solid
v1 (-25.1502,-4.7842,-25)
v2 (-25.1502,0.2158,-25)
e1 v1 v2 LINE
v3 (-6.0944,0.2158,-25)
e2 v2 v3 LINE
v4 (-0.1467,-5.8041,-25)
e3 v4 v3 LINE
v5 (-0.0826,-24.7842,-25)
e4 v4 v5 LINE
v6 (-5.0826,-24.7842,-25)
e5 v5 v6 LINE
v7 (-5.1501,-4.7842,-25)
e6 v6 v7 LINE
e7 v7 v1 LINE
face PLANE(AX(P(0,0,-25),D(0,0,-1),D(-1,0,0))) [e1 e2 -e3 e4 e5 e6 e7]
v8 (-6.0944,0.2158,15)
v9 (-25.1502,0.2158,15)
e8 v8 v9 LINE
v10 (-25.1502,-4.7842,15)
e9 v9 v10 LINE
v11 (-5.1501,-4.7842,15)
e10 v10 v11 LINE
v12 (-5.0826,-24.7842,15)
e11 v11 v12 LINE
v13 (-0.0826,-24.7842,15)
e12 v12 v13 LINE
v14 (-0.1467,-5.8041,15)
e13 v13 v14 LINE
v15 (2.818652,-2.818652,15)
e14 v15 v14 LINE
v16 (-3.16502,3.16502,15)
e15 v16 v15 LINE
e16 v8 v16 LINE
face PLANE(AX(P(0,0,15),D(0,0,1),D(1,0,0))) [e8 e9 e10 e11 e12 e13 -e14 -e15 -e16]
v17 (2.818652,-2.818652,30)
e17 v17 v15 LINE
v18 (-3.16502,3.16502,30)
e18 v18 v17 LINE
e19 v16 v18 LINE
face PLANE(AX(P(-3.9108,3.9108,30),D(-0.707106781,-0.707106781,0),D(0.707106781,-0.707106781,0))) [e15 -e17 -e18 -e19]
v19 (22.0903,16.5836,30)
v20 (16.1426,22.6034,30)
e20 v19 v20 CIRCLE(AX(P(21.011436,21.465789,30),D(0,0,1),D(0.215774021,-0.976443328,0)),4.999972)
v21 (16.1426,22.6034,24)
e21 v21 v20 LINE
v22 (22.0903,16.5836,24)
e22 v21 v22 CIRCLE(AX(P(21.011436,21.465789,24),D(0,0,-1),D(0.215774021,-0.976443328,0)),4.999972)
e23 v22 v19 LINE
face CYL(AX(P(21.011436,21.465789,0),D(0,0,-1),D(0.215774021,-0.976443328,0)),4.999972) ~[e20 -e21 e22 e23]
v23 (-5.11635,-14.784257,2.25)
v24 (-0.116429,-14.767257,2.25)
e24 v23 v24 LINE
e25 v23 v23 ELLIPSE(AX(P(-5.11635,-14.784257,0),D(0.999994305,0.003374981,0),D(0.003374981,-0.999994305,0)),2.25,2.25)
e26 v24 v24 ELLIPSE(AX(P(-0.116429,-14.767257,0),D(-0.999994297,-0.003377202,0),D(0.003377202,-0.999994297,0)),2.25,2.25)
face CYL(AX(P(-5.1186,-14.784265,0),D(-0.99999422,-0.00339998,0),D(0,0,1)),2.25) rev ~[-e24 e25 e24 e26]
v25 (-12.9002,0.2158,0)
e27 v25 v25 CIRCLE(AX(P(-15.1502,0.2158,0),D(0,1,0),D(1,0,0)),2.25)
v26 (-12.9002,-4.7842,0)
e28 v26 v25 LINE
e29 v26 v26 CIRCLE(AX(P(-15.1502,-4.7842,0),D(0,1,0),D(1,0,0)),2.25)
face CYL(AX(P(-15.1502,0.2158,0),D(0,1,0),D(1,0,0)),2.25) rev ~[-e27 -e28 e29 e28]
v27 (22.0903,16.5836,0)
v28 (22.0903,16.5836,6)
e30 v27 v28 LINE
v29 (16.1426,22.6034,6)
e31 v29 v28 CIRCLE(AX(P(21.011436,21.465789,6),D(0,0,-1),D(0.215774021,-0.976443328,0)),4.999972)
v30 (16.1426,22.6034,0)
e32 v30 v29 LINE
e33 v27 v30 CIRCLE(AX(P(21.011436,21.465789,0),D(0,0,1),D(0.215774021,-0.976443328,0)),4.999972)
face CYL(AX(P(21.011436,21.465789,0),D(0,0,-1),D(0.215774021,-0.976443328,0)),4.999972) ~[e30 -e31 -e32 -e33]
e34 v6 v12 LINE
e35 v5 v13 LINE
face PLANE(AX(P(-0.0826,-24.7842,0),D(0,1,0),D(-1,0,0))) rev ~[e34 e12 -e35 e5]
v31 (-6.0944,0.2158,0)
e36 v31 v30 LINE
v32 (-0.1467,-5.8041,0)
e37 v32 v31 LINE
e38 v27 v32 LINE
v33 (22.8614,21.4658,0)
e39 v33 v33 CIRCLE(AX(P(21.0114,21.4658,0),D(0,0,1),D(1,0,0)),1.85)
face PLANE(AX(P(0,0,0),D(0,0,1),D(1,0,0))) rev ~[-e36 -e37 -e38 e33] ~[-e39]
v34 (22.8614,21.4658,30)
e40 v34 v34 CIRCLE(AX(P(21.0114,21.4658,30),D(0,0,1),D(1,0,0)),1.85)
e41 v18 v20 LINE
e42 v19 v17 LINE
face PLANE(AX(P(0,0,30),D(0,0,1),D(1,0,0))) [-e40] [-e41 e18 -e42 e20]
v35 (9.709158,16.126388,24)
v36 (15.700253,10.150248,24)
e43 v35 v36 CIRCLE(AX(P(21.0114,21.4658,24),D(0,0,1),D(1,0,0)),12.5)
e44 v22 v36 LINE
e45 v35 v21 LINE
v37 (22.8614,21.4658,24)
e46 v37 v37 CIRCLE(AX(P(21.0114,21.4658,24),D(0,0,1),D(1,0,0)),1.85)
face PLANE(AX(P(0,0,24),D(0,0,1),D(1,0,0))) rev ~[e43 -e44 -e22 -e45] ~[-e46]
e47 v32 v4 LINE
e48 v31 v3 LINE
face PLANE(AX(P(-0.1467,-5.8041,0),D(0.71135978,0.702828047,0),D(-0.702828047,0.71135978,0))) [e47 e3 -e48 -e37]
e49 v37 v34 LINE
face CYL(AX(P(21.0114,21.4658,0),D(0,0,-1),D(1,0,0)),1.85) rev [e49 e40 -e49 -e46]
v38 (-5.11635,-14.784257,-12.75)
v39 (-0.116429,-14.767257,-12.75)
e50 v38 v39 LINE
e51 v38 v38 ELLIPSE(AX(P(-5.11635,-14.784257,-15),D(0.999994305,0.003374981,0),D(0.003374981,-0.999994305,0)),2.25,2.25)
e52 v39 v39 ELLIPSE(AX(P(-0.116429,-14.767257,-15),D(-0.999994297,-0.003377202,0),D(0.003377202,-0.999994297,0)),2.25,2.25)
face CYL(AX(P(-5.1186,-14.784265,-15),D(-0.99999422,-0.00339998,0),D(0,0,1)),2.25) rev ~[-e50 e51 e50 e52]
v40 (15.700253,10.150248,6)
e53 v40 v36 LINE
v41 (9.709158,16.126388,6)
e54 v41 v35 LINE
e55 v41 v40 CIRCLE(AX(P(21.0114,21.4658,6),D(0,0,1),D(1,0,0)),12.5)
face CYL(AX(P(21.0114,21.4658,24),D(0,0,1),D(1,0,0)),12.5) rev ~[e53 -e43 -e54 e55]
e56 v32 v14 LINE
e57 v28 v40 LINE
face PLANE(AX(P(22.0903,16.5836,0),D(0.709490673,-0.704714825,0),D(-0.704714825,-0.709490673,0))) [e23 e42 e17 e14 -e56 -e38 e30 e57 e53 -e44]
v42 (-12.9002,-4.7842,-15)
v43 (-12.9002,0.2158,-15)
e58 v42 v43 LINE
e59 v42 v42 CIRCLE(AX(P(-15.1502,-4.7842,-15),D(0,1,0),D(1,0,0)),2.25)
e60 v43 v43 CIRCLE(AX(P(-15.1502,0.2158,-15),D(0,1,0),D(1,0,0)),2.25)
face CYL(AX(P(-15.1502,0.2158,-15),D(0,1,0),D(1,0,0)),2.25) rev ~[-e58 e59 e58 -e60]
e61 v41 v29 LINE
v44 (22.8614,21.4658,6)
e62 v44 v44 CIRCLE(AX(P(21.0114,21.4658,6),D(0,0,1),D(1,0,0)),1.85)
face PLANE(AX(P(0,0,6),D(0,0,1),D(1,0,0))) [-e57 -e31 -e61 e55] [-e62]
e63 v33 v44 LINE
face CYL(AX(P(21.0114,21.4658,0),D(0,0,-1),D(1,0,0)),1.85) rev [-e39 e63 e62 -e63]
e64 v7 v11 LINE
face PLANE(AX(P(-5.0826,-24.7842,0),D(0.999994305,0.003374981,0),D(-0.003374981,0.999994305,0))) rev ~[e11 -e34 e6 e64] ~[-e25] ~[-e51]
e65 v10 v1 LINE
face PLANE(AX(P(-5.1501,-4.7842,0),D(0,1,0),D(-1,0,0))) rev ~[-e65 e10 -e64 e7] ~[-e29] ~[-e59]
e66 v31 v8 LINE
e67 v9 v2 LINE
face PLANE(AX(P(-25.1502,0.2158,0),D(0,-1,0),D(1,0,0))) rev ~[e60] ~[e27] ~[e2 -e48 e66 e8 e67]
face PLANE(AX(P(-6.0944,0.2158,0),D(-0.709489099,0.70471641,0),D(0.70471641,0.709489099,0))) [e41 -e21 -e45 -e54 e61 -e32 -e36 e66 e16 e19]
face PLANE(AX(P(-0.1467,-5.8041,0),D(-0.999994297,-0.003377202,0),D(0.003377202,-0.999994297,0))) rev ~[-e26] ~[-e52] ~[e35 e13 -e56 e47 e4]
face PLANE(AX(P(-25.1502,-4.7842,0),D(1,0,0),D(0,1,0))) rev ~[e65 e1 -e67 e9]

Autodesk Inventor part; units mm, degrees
ref_plane "YZ Plane" through (0, 0, 0) normal (1, 0, 0) x (0, 1, 0)
ref_plane "XZ Plane" through (0, 0, 0) normal (0, 1, 0) x (-1, 0, 0)
ref_plane "XY Plane" through (0, 0, 0) normal (0, 0, 1) x (1, 0, 0)
sketch "Sketch1" plane through (0, 0, 0) normal (0, 0, 1) x (1, 0, 0)
  line L0 (-6.0944, 0.2158) -> (-25.1502, 0.2158)
  line L1 (-25.1502, 0.2158) -> (-25.1502, -4.7842)
  line L2 (-25.1502, -4.7842) -> (-5.1501, -4.7842)
  line L3 (-5.1501, -4.7842) -> (-5.0826, -24.7842)
  line L4 (-5.0826, -24.7842) -> (-0.0826, -24.7842)
  line L5 (-0.0826, -24.7842) -> (-0.1467, -5.8041)
  line L6 (-6.0944, 0.2158) -> (16.1426, 22.6034)
  line L7 (22.0903, 16.5836) -> (-0.1467, -5.8041)
  circle A0 centre (21.0114, 21.4658) radius 1.85
  arc A1 (22.0903, 16.5836) -> (16.1426, 22.6034) centre (21.0114, 21.4658) ccw
  dimension "d0" = 20
  dimension "d1" = 20
  dimension "d2" = 5
  dimension "d3" = 5
  dimension "d7" = 26.25
  dimension "d8" = 26.25
  dimension "d9" = 3.7
  dimension "d18" = 5
  dimension "d19" = 135
extrude "Extrusion1" add sketch "Sketch1" along normal blind 30
ref_plane "Work Plane1" through (0, 0, 24) normal (0, 0, 1) x (1, 0, 0)
sketch "Sketch3" plane through (0, 0, 24) normal (0, 0, 1) x (1, 0, 0)
  circle A0 centre (21.0114, 21.4658) radius 1.85 projected
  circle A1 centre (21.0114, 21.4658) radius 12.5
  point P0 (0, 0)
  dimension "d13" = 25
extrude "Extrusion3" cut sketch "Sketch3" against normal blind 18
sketch "Sketch5" plane through (0, 0, 0) normal (0, 0, -1) x (-1, 0, 0)
  circle A0 centre (-21.0114, 21.4658) radius 1.85 projected
  line L0 (25.1502, -4.7842) -> (25.1502, 0.2158) projected
  line L1 (25.1502, 0.2158) -> (6.0944, 0.2158) projected
  line L2 (6.0944, 0.2158) -> (-16.1426, 22.6034) projected
  arc A1 (-16.1426, 22.6034) -> (-22.0903, 16.5836) centre (-21.0114, 21.4658) ccw projected
  line L3 (-22.0903, 16.5836) -> (0.1467, -5.8041) projected
  line L4 (0.1467, -5.8041) -> (0.0826, -24.7842) projected
  line L5 (0.0826, -24.7842) -> (5.0826, -24.7842) projected
  line L6 (5.0826, -24.7842) -> (5.1501, -4.7842) projected
  line L7 (5.1501, -4.7842) -> (25.1502, -4.7842) projected
  line L8 (0.1467, -5.8041) -> (6.0944, 0.2158)
  point P0 (0, 0)
extrude "Extrusion5" add sketch "Sketch5" along normal blind 25 contours L7 L6 L5 L4 L8 L1 L0
sketch "Sketch8" plane through (-5.0826, -24.7842, -25) normal (-1, -0.0034, 0) x (0, 0, 1)
  circle A0 centre (10, 10) radius 2.25
  line L0 (55, 0) -> (0, 0) projected
  line L1 (0, 0) -> (0, 20.0001) projected
  circle A1 centre (25, 10) radius 2.25
  point P0 (25, 24.7669)
  dimension "d40" = 4.5
  dimension "d41" = 10
  dimension "d42" = 10
  dimension "d43" = 4.5
  dimension "d44" = 10
  dimension "d45" = 15
sketch "Sketch9" plane through (-25.1502, 0.2158, 30) normal (0, 1, 0) x (1, 0, 0)
  circle A0 centre (10, 45) radius 2.25
  circle A1 centre (10, 30) radius 2.25
  line L0 (0, 55) -> (19.0558, 55) projected
  line L1 (0, 0) -> (0, 55) projected
  point P0 (25.1502, 30)
  dimension "d46" = 10
  dimension "d47" = 10
  dimension "d48" = 10
  dimension "d49" = 15
  dimension "d50" = 4.5
  dimension "d51" = 4.5
extrude "Extrusion8" cut sketch "Sketch9" against normal mid plane 20
extrude "Extrusion9" cut sketch "Sketch8" against normal blind 20
sketch "Sketch10" plane through (0, 0, 30) normal (0, 0, 1) x (1, 0, 0)
  line L0 (-3.9108, 3.9108) -> (4.5333, -4.5333)
  line L1 (4.5333, -4.5333) -> (4.5333, -31.01)
  line L2 (4.5333, -31.01) -> (-28.169, -31.01)
  line L3 (-28.169, -31.01) -> (-28.169, 3.9108)
  line L4 (-28.169, 3.9108) -> (-3.9108, 3.9108)
  point P0 (0, 0)
  dimension "d56" = 135
  dimension "d57" = 0
extrude "Extrusion10" cut sketch "Sketch10" against normal blind 15
equation "\"d43\" = d40"
equation "\"d44\" = d41"
equation "\"RodDiameter\" = 8"
equation "\"VerticalBearingOD\" = 16"
equation "\"PrintingClearance\" = 0.2"
equation "\"TubeID\" = 18"
properties part number "PulleyHolderXY"
